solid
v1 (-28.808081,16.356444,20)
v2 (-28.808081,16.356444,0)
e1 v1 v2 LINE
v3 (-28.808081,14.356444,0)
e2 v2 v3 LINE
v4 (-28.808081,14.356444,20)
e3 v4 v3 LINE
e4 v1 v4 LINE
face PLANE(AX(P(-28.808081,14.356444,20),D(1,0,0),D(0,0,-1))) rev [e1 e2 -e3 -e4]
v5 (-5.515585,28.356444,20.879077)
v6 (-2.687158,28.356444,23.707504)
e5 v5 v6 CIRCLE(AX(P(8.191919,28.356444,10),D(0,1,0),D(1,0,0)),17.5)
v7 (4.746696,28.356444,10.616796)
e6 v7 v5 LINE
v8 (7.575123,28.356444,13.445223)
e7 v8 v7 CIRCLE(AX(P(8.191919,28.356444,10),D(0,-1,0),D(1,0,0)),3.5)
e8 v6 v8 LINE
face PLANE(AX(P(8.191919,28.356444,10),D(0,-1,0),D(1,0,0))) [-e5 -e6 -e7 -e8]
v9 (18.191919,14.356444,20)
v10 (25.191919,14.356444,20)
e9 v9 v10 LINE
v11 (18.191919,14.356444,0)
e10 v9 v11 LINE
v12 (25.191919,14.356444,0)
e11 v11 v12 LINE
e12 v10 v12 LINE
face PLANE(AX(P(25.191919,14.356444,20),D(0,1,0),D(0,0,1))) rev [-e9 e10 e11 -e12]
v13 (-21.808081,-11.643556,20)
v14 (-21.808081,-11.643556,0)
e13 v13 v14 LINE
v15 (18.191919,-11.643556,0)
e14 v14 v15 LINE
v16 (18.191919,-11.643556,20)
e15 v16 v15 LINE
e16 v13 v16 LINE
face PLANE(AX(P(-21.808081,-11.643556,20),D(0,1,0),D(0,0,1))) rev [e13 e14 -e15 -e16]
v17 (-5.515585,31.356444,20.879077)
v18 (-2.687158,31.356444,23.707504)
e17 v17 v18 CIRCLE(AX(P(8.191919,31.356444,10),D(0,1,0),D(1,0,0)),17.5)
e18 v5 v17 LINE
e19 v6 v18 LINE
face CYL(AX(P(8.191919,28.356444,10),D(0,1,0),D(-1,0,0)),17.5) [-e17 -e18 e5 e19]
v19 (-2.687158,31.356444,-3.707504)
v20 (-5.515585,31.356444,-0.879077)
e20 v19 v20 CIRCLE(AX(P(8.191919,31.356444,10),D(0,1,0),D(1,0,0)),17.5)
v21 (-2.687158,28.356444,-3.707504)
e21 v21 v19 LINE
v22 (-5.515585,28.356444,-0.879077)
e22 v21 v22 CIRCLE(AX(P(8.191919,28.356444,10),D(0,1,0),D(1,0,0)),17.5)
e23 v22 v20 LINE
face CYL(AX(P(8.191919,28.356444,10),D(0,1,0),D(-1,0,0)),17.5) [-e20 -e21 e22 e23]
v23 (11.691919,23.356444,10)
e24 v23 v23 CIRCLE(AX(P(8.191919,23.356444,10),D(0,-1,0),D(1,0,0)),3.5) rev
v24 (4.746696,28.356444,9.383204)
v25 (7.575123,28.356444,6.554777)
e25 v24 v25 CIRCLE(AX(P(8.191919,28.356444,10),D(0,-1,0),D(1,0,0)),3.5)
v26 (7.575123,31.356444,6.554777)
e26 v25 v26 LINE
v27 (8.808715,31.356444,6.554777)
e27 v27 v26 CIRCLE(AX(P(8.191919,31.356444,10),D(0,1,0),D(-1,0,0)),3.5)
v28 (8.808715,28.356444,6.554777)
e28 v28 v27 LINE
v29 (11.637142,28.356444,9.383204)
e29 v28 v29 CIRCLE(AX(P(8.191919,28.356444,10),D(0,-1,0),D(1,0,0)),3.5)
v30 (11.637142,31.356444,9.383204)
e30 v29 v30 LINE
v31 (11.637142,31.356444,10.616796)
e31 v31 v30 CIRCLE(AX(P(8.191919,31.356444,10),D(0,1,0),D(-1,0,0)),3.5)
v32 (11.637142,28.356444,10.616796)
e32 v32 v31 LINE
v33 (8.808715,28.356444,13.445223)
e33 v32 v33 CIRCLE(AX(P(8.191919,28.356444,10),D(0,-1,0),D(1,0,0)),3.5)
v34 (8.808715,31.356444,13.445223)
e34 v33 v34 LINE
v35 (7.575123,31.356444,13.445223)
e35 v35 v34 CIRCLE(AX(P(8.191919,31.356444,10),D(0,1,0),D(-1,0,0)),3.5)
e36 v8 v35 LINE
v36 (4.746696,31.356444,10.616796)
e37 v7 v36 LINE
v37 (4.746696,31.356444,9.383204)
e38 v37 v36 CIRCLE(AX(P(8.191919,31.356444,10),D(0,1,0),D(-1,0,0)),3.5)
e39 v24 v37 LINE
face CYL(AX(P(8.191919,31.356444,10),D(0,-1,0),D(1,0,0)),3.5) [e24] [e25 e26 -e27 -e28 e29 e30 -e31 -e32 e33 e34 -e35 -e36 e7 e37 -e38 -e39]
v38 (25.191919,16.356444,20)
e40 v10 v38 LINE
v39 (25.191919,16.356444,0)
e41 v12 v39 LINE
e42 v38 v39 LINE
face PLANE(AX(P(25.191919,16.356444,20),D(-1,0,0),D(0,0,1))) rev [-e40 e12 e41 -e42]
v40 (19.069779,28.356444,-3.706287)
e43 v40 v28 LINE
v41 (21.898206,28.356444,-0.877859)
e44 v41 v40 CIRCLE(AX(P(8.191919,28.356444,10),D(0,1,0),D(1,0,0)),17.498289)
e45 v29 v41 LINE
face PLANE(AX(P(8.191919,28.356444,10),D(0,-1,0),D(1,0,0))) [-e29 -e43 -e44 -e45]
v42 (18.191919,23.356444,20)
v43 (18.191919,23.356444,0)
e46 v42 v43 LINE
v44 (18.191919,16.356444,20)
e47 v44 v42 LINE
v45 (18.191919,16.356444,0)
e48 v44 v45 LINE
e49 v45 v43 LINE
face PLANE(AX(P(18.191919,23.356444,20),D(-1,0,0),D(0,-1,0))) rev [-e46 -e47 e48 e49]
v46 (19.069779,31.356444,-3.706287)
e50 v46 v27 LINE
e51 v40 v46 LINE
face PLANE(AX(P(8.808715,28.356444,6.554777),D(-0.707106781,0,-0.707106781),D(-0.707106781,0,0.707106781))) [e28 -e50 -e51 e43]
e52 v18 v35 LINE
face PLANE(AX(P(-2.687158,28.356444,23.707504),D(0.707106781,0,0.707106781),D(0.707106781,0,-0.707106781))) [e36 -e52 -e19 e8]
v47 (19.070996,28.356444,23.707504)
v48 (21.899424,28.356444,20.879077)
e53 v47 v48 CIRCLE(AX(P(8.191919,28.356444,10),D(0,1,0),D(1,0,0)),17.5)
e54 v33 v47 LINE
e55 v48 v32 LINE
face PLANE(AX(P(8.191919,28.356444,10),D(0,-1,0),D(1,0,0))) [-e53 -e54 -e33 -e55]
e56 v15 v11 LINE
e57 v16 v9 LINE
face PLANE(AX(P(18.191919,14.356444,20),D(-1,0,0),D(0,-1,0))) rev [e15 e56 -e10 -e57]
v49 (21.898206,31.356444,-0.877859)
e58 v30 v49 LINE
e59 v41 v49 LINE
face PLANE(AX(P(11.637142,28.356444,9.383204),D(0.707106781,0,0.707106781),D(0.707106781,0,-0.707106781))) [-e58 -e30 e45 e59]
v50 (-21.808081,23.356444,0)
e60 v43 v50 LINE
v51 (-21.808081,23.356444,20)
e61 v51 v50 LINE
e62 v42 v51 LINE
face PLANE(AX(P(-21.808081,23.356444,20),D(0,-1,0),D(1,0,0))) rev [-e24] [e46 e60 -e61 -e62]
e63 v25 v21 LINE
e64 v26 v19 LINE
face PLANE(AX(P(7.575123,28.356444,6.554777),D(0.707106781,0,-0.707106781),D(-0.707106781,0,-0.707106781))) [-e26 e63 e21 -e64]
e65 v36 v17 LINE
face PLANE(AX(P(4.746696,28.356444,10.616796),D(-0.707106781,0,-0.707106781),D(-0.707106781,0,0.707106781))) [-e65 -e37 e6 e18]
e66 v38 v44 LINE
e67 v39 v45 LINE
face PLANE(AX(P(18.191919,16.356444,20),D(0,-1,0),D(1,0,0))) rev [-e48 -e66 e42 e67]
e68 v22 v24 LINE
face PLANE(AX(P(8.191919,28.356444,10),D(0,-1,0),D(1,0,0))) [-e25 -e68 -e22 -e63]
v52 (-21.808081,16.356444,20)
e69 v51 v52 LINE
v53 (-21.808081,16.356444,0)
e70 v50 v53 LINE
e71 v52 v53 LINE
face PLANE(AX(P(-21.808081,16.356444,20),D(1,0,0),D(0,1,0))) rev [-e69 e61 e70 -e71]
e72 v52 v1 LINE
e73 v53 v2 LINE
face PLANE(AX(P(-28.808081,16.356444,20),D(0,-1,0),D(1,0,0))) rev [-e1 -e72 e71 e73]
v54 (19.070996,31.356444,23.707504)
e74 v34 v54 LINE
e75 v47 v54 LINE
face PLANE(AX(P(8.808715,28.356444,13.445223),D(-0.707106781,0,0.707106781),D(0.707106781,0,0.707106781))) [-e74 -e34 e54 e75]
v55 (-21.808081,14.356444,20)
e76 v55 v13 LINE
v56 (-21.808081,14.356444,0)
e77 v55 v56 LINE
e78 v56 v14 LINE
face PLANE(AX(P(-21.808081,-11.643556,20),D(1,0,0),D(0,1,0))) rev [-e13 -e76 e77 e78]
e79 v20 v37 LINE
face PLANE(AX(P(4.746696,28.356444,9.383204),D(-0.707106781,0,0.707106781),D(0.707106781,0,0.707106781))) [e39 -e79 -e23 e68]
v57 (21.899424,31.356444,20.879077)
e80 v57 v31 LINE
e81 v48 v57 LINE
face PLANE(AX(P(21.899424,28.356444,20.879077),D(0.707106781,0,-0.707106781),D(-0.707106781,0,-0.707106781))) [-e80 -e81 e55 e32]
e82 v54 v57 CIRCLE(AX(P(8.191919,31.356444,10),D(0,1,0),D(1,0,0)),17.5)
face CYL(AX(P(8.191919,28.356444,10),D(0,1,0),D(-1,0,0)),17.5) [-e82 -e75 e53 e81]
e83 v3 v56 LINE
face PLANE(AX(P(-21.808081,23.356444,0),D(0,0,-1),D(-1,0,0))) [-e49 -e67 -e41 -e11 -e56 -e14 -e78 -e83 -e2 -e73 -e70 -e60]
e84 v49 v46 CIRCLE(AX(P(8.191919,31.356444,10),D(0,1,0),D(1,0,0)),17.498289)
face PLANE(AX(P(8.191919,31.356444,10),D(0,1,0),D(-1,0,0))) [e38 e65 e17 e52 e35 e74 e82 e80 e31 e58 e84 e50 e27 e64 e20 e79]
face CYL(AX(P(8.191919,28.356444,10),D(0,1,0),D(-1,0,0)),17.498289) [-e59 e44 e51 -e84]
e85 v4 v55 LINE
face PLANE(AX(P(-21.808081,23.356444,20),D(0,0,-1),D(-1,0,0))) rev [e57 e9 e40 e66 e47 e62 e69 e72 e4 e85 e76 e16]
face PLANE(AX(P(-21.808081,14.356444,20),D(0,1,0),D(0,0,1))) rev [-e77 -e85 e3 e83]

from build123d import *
from build123d.topology import SkipClean

# Parameters (mm, degrees)
EXTRUSION1_DEPTH = 20
ESQUISSE2_R      = 3.5
EXTRUSION2_DEPTH = 8
EXTRUSION3_START = -3
EXTRUSION3_DEPTH = 3


with BuildPart() as part:
    # Esquisse1 → Extrusion1 (new body)
    with BuildSketch(Plane.XY):
        Polygon((-21.808080808, -11.643556434), (-21.808080808, 14.356443566), (-28.808080808, 14.356443566), (-28.808080808, 16.356443566), (-21.808080808, 16.356443566), (-21.808080808, 23.356443566), (18.191919192, 23.356443566), (18.191919192, 16.356443566), (25.191919192, 16.356443566), (25.191919192, 14.356443566), (18.191919192, 14.356443566), (18.191919192, -11.643556434), align=None)
    extrude(amount=EXTRUSION1_DEPTH)

    # Esquisse2 → Extrusion2 (add)
    with BuildSketch(Plane(origin=(0, 23.356443566, 0), x_dir=(1, 0, 0), z_dir=(0, 1, 0))):
        with Locations((8.191919192, -10)):
            Circle(ESQUISSE2_R)
    extrude(amount=EXTRUSION2_DEPTH)

    # Esquisse3 → Extrusion3 (add)
    with SkipClean():  # the faces are left unmerged after this step: merging them gives an invalid solid
        with BuildSketch(Plane(origin=(0, 31.356443566, 0), x_dir=(1, 0, 0), z_dir=(0, 1, 0)).offset(EXTRUSION3_START)):
            with BuildLine():
                Line((4.746696028, -9.383203961), (-5.515585224, 0.879077291))
                ThreePointArc((-5.515585224, 0.879077291), (-4.182449479, 2.374368671), (-2.687158099, 3.707504416))
                Line((-2.687158099, 3.707504416), (7.575123153, -6.554776836))
                ThreePointArc((7.575123153, -6.554776836), (8.191919192, -6.5), (8.808715231, -6.554776836))
                Line((8.808715231, -6.554776836), (19.069778625, 3.706286557))
                ThreePointArc((19.069778625, 3.706286557), (20.565077985, 2.373158793), (21.898205749, 0.877859433))
                Line((21.898205749, 0.877859433), (11.637142355, -9.383203961))
                ThreePointArc((11.637142355, -9.383203961), (11.691919192, -10), (11.637142355, -10.616796039))
                Line((11.637142355, -10.616796039), (21.899423607, -20.879077291))
                ThreePointArc((21.899423607, -20.879077291), (20.566287863, -22.374368671), (19.070996483, -23.707504416))
                Line((19.070996483, -23.707504416), (8.808715231, -13.445223164))
                ThreePointArc((8.808715231, -13.445223164), (8.191919192, -13.5), (7.575123153, -13.445223164))
                Line((7.575123153, -13.445223164), (-2.687158099, -23.707504416))
                ThreePointArc((-2.687158099, -23.707504416), (-4.182449479, -22.374368671), (-5.515585224, -20.879077291))
                Line((-5.515585224, -20.879077291), (4.746696028, -10.616796039))
                ThreePointArc((4.746696028, -10.616796039), (4.691919192, -10), (4.746696028, -9.383203961))
            make_face()
        extrude(amount=EXTRUSION3_DEPTH)


solid = part.part
